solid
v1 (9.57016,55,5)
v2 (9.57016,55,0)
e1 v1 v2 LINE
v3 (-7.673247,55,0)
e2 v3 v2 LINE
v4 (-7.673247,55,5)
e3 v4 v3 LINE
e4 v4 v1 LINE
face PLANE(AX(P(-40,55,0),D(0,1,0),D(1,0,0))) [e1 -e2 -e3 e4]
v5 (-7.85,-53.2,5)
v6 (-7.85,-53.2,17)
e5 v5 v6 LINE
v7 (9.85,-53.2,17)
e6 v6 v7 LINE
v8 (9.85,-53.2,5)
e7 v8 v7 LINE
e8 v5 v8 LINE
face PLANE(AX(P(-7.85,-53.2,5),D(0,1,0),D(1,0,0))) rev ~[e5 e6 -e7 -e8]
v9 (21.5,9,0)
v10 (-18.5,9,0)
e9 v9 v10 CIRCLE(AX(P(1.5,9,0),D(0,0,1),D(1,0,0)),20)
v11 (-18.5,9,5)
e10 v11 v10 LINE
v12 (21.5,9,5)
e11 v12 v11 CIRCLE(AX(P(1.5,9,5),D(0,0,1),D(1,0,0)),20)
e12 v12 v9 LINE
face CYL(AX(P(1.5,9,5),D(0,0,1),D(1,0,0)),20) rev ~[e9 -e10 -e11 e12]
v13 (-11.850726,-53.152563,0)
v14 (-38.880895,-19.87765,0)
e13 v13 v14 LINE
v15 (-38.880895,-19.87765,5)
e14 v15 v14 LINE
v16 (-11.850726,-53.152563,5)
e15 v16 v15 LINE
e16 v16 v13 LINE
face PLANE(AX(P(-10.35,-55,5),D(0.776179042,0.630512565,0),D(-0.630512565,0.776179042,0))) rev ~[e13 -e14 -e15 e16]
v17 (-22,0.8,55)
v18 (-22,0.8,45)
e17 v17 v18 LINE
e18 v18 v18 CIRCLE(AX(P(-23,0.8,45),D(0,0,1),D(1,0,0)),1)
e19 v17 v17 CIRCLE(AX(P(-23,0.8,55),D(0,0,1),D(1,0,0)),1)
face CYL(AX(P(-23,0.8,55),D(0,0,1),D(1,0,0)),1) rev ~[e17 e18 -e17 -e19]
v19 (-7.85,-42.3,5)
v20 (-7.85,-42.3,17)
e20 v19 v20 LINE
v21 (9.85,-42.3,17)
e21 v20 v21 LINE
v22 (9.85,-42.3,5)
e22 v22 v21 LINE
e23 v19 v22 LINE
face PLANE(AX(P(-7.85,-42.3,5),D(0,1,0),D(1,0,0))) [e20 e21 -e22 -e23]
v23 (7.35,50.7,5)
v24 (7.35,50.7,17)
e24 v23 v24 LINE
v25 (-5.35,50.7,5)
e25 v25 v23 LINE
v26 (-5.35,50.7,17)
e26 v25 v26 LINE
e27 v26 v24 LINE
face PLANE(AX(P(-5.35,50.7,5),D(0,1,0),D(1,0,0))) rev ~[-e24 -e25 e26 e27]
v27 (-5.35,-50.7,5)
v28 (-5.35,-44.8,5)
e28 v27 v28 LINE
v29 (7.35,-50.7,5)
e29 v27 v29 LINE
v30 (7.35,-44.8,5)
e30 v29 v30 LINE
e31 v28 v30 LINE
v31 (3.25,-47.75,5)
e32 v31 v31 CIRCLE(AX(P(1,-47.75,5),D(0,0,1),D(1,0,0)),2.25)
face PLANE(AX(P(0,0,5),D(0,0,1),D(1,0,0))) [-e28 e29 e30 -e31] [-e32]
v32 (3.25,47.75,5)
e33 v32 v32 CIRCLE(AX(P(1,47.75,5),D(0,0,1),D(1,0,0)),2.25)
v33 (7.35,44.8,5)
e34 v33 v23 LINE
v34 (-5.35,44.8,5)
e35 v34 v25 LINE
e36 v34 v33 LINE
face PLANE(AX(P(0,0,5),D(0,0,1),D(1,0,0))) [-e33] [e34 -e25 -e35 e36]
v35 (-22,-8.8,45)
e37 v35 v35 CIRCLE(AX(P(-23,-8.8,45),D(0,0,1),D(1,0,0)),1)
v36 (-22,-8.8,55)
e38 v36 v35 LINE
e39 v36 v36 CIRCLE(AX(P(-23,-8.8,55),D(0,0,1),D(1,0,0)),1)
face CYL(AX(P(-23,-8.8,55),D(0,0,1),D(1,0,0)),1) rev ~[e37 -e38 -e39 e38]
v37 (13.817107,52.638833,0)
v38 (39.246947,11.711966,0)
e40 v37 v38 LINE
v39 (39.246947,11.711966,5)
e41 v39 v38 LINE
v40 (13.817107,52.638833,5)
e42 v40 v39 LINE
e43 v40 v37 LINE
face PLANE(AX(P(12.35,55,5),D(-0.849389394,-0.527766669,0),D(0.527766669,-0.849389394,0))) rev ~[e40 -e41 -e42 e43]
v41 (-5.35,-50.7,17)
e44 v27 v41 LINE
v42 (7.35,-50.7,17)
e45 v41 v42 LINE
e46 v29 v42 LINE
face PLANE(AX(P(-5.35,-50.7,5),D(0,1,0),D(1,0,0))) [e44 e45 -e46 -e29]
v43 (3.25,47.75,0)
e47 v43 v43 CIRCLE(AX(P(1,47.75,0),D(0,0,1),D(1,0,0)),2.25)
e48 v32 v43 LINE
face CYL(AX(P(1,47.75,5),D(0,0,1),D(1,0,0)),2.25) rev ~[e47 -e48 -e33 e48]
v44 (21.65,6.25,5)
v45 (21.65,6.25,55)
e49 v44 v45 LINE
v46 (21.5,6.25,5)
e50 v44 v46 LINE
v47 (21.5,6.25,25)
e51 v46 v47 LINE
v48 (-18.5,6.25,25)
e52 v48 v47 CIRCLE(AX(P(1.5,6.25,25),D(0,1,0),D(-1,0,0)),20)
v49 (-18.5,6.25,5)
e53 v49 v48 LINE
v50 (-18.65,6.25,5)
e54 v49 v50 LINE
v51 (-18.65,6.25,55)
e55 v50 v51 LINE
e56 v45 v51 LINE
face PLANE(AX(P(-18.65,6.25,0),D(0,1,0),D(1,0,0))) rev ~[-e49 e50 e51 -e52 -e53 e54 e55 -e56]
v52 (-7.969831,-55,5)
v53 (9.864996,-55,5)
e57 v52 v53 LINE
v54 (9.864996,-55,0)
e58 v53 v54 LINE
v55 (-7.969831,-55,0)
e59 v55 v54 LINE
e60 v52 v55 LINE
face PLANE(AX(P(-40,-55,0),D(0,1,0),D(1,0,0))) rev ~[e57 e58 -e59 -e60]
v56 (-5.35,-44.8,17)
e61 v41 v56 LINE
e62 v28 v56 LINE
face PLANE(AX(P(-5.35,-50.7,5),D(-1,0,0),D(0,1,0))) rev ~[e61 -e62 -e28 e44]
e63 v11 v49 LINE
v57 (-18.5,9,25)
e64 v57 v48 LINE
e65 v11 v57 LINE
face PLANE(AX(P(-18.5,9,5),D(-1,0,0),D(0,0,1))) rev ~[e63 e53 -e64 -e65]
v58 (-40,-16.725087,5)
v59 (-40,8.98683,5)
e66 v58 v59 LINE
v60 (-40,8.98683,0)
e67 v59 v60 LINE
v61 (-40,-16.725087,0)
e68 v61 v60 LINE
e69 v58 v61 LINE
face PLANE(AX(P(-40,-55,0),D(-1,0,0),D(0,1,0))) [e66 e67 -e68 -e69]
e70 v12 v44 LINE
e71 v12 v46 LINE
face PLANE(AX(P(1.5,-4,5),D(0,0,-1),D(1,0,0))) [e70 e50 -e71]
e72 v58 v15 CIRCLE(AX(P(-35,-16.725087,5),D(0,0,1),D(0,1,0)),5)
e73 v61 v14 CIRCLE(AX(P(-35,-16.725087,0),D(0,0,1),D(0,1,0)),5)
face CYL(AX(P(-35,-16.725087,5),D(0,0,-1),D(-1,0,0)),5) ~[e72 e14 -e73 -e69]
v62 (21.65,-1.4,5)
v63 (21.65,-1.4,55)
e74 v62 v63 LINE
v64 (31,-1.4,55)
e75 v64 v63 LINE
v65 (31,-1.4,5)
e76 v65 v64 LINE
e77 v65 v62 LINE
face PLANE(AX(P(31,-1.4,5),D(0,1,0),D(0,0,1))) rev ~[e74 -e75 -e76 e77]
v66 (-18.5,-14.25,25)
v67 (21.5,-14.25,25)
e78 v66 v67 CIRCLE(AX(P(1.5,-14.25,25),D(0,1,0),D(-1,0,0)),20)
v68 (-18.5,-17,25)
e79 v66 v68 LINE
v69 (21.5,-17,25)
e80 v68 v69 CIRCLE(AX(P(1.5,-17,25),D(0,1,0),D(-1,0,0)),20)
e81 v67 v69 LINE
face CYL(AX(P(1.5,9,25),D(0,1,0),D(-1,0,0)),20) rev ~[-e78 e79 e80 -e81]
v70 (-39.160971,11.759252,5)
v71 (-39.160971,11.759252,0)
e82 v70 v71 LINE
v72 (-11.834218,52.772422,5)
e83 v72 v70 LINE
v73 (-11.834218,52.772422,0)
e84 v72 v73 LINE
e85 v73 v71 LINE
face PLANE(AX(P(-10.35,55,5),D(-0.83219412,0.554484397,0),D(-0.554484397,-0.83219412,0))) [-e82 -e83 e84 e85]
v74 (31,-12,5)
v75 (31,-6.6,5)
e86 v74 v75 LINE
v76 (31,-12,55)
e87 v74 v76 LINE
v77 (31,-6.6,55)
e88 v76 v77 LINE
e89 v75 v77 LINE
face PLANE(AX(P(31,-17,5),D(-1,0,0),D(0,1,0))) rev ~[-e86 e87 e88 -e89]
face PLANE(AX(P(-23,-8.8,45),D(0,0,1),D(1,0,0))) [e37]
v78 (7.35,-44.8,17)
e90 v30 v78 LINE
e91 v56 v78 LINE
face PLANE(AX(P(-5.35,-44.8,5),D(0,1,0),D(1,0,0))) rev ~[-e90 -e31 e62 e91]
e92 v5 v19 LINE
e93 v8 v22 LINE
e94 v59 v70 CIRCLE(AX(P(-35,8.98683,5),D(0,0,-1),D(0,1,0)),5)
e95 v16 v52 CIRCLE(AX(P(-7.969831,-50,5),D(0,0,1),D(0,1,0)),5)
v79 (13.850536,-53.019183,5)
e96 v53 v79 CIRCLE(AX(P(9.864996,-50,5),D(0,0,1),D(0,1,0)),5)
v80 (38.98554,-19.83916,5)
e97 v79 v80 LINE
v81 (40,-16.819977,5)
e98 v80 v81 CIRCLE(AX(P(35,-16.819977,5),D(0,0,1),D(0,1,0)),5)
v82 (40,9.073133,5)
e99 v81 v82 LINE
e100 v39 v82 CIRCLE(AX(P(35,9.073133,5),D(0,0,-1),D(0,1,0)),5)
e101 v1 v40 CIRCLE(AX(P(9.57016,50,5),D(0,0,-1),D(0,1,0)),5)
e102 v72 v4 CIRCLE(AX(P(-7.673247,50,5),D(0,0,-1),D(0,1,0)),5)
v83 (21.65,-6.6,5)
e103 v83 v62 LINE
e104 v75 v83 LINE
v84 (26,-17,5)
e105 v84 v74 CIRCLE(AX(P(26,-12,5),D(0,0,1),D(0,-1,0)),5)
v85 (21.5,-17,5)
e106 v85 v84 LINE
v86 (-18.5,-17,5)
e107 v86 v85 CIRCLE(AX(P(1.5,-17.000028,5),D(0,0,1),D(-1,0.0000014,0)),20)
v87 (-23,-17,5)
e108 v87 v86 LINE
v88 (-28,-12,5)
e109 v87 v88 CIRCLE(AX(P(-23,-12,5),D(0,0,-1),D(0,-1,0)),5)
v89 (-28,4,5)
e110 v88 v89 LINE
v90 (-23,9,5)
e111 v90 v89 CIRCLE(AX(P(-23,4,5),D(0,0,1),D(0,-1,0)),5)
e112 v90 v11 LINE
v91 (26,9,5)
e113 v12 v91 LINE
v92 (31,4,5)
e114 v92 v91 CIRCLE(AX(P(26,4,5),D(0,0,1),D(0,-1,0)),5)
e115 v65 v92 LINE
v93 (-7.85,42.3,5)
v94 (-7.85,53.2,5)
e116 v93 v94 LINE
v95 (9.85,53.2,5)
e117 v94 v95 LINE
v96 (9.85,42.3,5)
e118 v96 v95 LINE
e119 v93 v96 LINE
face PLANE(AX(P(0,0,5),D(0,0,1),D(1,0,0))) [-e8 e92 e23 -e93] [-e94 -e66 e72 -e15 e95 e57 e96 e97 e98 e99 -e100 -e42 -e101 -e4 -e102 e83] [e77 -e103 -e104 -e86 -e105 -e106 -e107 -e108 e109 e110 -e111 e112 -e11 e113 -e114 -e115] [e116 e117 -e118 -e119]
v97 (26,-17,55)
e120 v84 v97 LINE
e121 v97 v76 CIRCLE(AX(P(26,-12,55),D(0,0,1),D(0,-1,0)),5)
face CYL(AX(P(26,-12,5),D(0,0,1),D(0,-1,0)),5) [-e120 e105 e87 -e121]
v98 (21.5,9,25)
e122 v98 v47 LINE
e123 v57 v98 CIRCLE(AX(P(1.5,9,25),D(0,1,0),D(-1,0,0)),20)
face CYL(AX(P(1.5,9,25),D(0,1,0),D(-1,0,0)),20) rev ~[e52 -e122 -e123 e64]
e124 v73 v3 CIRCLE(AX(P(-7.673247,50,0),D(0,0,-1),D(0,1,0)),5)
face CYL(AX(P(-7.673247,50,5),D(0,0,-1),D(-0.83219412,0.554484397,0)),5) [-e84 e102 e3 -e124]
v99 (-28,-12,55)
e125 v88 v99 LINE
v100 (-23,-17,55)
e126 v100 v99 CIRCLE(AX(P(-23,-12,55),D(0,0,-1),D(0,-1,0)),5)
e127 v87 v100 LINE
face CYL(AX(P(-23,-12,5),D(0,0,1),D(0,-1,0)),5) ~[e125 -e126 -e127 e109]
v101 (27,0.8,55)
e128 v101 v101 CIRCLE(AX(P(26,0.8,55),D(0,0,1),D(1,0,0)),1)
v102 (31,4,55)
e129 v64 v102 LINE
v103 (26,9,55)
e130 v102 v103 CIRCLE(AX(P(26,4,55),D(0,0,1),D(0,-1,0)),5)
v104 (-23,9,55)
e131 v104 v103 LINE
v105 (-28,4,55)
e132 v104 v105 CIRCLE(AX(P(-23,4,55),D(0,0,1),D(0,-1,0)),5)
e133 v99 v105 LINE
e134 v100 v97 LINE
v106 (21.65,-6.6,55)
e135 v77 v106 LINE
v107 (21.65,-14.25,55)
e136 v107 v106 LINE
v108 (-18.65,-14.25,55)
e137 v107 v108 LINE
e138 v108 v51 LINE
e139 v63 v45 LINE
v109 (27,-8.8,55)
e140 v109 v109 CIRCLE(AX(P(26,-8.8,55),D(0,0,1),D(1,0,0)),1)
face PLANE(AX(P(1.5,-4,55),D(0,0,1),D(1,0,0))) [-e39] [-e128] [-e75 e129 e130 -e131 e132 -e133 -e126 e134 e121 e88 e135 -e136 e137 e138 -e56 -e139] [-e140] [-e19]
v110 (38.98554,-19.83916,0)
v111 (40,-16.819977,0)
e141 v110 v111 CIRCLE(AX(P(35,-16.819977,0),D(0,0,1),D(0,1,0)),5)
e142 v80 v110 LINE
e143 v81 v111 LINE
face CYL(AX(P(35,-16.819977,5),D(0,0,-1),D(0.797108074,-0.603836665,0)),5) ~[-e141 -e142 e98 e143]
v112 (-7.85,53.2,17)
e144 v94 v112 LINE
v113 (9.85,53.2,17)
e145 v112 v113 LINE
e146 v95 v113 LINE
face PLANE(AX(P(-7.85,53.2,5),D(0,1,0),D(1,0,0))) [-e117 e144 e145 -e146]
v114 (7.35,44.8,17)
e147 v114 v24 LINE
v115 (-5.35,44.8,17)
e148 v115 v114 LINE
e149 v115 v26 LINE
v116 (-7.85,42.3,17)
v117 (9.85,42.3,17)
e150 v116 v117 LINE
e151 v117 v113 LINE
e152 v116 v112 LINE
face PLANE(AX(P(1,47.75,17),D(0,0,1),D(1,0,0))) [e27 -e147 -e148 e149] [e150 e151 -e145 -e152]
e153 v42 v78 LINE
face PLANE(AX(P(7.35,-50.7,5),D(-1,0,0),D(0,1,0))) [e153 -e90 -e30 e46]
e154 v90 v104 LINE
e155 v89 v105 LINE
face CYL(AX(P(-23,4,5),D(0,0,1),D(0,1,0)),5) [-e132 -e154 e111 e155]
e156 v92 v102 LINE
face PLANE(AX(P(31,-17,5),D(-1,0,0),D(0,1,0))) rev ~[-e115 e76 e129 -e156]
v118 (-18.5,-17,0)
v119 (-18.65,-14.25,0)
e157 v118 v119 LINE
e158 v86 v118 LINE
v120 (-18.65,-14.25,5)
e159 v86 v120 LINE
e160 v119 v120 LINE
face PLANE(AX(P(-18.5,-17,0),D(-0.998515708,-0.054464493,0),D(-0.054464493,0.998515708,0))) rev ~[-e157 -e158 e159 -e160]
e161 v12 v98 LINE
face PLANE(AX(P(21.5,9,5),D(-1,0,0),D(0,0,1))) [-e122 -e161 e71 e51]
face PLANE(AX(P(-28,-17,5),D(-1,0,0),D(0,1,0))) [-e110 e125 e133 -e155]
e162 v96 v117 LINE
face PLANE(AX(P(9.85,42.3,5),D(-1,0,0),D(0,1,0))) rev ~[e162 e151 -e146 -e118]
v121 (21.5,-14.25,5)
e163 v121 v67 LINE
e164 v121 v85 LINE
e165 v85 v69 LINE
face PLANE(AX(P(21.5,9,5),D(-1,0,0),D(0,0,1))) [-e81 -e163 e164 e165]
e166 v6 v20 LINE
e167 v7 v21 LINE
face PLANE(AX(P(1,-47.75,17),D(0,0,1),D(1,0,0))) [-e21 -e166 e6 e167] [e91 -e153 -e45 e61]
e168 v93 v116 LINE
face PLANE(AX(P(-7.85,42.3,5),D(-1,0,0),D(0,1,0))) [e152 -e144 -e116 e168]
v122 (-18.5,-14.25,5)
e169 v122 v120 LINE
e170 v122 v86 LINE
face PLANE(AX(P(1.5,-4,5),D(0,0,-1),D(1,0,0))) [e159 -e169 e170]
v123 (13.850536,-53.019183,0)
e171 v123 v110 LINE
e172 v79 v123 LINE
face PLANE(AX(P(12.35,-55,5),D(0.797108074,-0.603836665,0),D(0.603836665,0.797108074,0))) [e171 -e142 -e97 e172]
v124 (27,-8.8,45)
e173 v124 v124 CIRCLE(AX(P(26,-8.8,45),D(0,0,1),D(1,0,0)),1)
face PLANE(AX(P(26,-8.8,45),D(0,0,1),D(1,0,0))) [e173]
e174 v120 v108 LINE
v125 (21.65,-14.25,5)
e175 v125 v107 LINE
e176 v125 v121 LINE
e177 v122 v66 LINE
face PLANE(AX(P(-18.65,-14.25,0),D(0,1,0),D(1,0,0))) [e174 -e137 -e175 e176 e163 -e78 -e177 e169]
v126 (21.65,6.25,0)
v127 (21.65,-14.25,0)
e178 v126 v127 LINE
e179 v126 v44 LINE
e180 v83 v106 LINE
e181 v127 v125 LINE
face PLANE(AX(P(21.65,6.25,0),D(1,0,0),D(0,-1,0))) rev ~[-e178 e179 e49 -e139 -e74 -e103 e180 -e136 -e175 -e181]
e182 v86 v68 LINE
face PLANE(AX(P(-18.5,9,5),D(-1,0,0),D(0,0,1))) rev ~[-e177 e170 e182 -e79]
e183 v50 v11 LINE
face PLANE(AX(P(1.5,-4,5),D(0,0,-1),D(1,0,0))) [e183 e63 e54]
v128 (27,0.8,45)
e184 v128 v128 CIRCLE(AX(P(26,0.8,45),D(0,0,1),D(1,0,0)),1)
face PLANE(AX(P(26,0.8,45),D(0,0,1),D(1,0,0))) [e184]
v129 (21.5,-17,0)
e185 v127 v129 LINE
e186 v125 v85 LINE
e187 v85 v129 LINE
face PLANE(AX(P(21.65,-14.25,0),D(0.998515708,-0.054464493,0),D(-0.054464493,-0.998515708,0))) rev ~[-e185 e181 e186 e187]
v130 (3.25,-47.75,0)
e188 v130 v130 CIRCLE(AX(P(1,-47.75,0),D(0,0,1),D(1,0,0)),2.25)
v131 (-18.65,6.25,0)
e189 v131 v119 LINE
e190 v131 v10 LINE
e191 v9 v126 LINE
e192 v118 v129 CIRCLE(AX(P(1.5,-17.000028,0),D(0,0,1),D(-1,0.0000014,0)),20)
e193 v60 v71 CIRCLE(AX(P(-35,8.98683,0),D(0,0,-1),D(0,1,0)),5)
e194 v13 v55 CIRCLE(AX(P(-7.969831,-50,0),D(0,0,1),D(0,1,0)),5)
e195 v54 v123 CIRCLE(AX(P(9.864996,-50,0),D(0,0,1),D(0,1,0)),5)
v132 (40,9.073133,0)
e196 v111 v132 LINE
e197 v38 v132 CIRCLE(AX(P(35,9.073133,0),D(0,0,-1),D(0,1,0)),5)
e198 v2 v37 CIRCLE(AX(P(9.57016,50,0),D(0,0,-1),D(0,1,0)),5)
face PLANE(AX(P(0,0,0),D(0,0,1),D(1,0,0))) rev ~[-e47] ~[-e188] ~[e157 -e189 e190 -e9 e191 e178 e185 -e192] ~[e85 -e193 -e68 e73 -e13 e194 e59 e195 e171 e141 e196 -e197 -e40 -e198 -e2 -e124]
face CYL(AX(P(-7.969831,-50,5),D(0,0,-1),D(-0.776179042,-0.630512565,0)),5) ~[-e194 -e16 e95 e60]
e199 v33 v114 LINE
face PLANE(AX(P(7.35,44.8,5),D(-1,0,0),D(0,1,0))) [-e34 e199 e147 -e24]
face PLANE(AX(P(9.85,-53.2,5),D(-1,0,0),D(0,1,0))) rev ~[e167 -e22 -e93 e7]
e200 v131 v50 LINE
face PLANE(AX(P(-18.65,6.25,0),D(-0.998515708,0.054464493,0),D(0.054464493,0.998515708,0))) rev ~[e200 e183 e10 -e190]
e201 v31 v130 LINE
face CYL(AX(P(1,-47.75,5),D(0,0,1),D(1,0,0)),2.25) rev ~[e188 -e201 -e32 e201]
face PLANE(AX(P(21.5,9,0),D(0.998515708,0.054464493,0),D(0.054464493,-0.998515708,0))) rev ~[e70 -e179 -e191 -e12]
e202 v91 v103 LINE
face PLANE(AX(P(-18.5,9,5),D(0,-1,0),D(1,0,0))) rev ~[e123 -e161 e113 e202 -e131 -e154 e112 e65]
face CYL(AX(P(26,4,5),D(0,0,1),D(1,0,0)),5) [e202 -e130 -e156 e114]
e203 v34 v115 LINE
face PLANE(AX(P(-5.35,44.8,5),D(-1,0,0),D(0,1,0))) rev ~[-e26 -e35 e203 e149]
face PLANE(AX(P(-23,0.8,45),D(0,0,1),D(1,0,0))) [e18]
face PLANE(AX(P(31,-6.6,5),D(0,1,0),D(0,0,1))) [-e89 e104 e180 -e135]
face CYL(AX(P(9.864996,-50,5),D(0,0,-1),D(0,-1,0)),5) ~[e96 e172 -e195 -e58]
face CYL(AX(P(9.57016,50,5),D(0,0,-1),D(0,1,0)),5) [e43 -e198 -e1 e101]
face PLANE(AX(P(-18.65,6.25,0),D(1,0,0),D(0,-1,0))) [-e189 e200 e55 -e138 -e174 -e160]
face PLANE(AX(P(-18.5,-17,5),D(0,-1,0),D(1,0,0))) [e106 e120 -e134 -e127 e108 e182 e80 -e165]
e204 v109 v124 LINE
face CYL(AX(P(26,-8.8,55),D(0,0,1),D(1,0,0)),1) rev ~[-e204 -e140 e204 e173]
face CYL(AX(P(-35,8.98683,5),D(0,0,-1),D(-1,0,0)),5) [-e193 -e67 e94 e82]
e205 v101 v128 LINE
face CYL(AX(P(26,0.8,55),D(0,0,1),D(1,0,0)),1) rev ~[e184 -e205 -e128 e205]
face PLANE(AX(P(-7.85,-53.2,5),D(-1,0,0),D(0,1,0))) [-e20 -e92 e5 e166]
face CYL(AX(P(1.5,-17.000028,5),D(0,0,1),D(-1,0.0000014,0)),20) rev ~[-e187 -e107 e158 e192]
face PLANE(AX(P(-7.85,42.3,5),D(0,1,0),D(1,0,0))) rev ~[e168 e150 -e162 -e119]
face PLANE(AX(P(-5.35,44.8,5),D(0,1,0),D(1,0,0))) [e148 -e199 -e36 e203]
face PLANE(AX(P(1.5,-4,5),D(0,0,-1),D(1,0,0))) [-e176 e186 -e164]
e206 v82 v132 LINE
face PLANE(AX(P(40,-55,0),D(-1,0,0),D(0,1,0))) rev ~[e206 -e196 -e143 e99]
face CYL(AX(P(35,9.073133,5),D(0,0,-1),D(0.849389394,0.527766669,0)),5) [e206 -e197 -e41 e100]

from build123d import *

# Parameters (mm, degrees)
SKETCH_W        = 80
SKETCH_H        = 110
PAD_DEPTH       = 5
SKETCH001_W     = 8
SKETCH001_H     = 3.5
PAD001_DEPTH    = 20
SKETCH002_W     = 59
SKETCH002_H     = 26
PAD002_DEPTH    = 50
SKETCH003_W     = 40.3
SKETCH003_H     = 20.5
POCKET_DEPTH    = 55.001
SKETCH004_W     = 5.2
SKETCH004_H     = 50
POCKET001_DEPTH = 10
SKETCH005_R     = 1
POCKET002_DEPTH = 10
SKETCH006_W     = 17.7
SKETCH006_H     = 10.9
SKETCH006_W_2   = 12.7
SKETCH006_H_2   = 5.9
PAD003_DEPTH    = 12
SKETCH007_W     = 8
SKETCH007_H     = 3.5
POCKET003_DEPTH = 20
POCKET004_DEPTH = 5
POCKET005_DEPTH = 5
POCKET006_DEPTH = 26
POCKET007_DEPTH = 5
FILLET_R        = 5
FILLET001_R     = 5
SKETCH012_R     = 2.25
POCKET008_DEPTH = 5


with BuildPart() as part:
    # Sketch → Pad (new body)
    with BuildSketch(Plane.XY):
        Rectangle(SKETCH_W, SKETCH_H)
    extrude(amount=PAD_DEPTH)

    # Sketch001 (on Face6 of Pad) → Pad001 (join)
    with BuildSketch(Plane.XY.offset(5)):
        with Locations((1, 47.75)):
            Rectangle(SKETCH001_W, SKETCH001_H)
        with Locations((1, -47.75)):
            Rectangle(SKETCH001_W, SKETCH001_H)
    extrude(amount=PAD001_DEPTH)

    # Sketch002 (on Face5 of Pad001) → Pad002 (join)
    with BuildSketch(Plane.XY.offset(5)):
        with Locations((1.5, -4)):
            Rectangle(SKETCH002_W, SKETCH002_H)
    extrude(amount=PAD002_DEPTH)

    # Sketch003 (on Face4 of Pad002) → Pocket (cut, through all)
    with BuildSketch(Plane(origin=(0, 0, 0), x_dir=(1, 0, 0), z_dir=(0, 0, -1))):
        with Locations((1.5, 4)):
            Rectangle(SKETCH003_W, SKETCH003_H)
    extrude(amount=-POCKET_DEPTH, mode=Mode.SUBTRACT)

    # Sketch004 (on Face17 of Pocket) → Pocket001 (cut)
    with BuildSketch(Plane.YZ.offset(31)):
        with Locations((-4, 30)):
            Rectangle(SKETCH004_W, SKETCH004_H)
    extrude(amount=-POCKET001_DEPTH, mode=Mode.SUBTRACT)

    # Sketch005 (on Face25 of Pocket001) → Pocket002 (cut)
    with BuildSketch(Plane.XY.offset(55)):
        with Locations((-23, 0.8)):
            Circle(SKETCH005_R)
        with Locations((-23, -8.8)):
            Circle(SKETCH005_R)
        with Locations((26, -8.8)):
            Circle(SKETCH005_R)
        with Locations((26, 0.8)):
            Circle(SKETCH005_R)
    extrude(amount=-POCKET002_DEPTH, mode=Mode.SUBTRACT)

    # Sketch006 (on Face5 of Pocket002) → Pad003 (join)
    with BuildSketch(Plane.XY.offset(5)):
        with Locations((1, 47.75)):
            Rectangle(SKETCH006_W, SKETCH006_H)
        with Locations((1, 47.75)):
            Rectangle(SKETCH006_W_2, SKETCH006_H_2, mode=Mode.SUBTRACT)
        with Locations((1, -47.75)):
            Rectangle(SKETCH006_W, SKETCH006_H)
        with Locations((1, -47.75)):
            Rectangle(SKETCH006_W_2, SKETCH006_H_2, mode=Mode.SUBTRACT)
    extrude(amount=PAD003_DEPTH)

    # Sketch007 (on Face57 of Pad003) → Pocket003 (cut)
    with BuildSketch(Plane.XY.offset(25)):
        with Locations((1, -47.75)):
            Rectangle(SKETCH007_W, SKETCH007_H)
        with Locations((1, 47.75)):
            Rectangle(SKETCH007_W, SKETCH007_H)
    extrude(amount=-POCKET003_DEPTH, mode=Mode.SUBTRACT)

    # Sketch008 (on Face5 of Pocket003) → Pocket004 (cut)
    with BuildSketch(Plane.XY.offset(5)):
        Polygon((-40, 55), (-10.35, 55), (-40, 10.5), align=None)
        Polygon((-40, -18.5), (-40, -55), (-10.35, -55), align=None)
        Polygon((40, -18.5), (40, -55), (12.35, -55), align=None)
        Polygon((40, 10.5), (40, 55), (12.35, 55), align=None)
    extrude(amount=-POCKET004_DEPTH, mode=Mode.SUBTRACT)

    # Sketch009 (on Face4 of Pocket004) → Pocket005 (cut)
    with BuildSketch(Plane.XY.offset(5)):
        with BuildLine():
            Line((-18.5, 9), (21.5, 9))
            ThreePointArc((21.5, 9), (1.5, 29), (-18.5, 9))
        make_face()
        with BuildLine():
            Line((-18.5, -17), (21.5, -17))
            ThreePointArc((-18.5, -17), (1.5, -37.000028), (21.5, -17))
        make_face()
    extrude(amount=-POCKET005_DEPTH, mode=Mode.SUBTRACT)

    # Sketch010 (on Face27 of Pocket005) → Pocket006 (cut)
    with BuildSketch(Plane(origin=(0, 9, 0), x_dir=(-1, 0, 0), z_dir=(0, 1, 0))):
        with BuildLine():
            Line((-21.5, 5), (-21.5, 25))
            ThreePointArc((18.5, 25), (-1.5, 45), (-21.5, 25))
            Line((18.5, 5), (18.5, 25))
            Line((-21.5, 5), (18.5, 5))
        make_face()
    extrude(amount=-POCKET006_DEPTH, mode=Mode.SUBTRACT)

    # Sketch011 (on Face2 of Pocket006) → Pocket007 (cut)
    with BuildSketch(Plane(origin=(0, 0, 0), x_dir=(1, 0, 0), z_dir=(0, 0, -1))):
        Polygon((-18.5, 17), (-18.65, 14.25), (-18.65, -6.25), (-18.5, -9), (21.5, -9), (21.65, -6.25), (21.65, 14.25), (21.5, 17), align=None)
    extrude(amount=-POCKET007_DEPTH, mode=Mode.SUBTRACT)

    # Fillet
    fillet_edges = [part.edges().sort_by_distance(p)[0] for p in [
        (40, -18.5, 2.5),
        (40, 10.5, 2.5),
        (12.35, -55, 2.5),
        (-10.35, -55, 2.5),
        (-10.35, 55, 2.5),
        (12.35, 55, 2.5),
        (-40, -18.5, 2.5),
        (-40, 10.5, 2.5),
    ]]
    fillet(fillet_edges, radius=FILLET_R)

    # Fillet001
    fillet001_edges = [part.edges().sort_by_distance(p)[0] for p in [
        (-28, -17, 30),
        (-28, 9, 30),
        (31, -17, 30),
        (31, 9, 30),
    ]]
    fillet(fillet001_edges, radius=FILLET001_R)

    # Sketch012 (on Face81 of Fillet001) → Pocket008 (cut)
    with BuildSketch(Plane.XY.offset(5)):
        with Locations((1, 47.75)):
            Circle(SKETCH012_R)
        with Locations((1, -47.75)):
            Circle(SKETCH012_R)
    extrude(amount=-POCKET008_DEPTH, mode=Mode.SUBTRACT)


solid = part.part
